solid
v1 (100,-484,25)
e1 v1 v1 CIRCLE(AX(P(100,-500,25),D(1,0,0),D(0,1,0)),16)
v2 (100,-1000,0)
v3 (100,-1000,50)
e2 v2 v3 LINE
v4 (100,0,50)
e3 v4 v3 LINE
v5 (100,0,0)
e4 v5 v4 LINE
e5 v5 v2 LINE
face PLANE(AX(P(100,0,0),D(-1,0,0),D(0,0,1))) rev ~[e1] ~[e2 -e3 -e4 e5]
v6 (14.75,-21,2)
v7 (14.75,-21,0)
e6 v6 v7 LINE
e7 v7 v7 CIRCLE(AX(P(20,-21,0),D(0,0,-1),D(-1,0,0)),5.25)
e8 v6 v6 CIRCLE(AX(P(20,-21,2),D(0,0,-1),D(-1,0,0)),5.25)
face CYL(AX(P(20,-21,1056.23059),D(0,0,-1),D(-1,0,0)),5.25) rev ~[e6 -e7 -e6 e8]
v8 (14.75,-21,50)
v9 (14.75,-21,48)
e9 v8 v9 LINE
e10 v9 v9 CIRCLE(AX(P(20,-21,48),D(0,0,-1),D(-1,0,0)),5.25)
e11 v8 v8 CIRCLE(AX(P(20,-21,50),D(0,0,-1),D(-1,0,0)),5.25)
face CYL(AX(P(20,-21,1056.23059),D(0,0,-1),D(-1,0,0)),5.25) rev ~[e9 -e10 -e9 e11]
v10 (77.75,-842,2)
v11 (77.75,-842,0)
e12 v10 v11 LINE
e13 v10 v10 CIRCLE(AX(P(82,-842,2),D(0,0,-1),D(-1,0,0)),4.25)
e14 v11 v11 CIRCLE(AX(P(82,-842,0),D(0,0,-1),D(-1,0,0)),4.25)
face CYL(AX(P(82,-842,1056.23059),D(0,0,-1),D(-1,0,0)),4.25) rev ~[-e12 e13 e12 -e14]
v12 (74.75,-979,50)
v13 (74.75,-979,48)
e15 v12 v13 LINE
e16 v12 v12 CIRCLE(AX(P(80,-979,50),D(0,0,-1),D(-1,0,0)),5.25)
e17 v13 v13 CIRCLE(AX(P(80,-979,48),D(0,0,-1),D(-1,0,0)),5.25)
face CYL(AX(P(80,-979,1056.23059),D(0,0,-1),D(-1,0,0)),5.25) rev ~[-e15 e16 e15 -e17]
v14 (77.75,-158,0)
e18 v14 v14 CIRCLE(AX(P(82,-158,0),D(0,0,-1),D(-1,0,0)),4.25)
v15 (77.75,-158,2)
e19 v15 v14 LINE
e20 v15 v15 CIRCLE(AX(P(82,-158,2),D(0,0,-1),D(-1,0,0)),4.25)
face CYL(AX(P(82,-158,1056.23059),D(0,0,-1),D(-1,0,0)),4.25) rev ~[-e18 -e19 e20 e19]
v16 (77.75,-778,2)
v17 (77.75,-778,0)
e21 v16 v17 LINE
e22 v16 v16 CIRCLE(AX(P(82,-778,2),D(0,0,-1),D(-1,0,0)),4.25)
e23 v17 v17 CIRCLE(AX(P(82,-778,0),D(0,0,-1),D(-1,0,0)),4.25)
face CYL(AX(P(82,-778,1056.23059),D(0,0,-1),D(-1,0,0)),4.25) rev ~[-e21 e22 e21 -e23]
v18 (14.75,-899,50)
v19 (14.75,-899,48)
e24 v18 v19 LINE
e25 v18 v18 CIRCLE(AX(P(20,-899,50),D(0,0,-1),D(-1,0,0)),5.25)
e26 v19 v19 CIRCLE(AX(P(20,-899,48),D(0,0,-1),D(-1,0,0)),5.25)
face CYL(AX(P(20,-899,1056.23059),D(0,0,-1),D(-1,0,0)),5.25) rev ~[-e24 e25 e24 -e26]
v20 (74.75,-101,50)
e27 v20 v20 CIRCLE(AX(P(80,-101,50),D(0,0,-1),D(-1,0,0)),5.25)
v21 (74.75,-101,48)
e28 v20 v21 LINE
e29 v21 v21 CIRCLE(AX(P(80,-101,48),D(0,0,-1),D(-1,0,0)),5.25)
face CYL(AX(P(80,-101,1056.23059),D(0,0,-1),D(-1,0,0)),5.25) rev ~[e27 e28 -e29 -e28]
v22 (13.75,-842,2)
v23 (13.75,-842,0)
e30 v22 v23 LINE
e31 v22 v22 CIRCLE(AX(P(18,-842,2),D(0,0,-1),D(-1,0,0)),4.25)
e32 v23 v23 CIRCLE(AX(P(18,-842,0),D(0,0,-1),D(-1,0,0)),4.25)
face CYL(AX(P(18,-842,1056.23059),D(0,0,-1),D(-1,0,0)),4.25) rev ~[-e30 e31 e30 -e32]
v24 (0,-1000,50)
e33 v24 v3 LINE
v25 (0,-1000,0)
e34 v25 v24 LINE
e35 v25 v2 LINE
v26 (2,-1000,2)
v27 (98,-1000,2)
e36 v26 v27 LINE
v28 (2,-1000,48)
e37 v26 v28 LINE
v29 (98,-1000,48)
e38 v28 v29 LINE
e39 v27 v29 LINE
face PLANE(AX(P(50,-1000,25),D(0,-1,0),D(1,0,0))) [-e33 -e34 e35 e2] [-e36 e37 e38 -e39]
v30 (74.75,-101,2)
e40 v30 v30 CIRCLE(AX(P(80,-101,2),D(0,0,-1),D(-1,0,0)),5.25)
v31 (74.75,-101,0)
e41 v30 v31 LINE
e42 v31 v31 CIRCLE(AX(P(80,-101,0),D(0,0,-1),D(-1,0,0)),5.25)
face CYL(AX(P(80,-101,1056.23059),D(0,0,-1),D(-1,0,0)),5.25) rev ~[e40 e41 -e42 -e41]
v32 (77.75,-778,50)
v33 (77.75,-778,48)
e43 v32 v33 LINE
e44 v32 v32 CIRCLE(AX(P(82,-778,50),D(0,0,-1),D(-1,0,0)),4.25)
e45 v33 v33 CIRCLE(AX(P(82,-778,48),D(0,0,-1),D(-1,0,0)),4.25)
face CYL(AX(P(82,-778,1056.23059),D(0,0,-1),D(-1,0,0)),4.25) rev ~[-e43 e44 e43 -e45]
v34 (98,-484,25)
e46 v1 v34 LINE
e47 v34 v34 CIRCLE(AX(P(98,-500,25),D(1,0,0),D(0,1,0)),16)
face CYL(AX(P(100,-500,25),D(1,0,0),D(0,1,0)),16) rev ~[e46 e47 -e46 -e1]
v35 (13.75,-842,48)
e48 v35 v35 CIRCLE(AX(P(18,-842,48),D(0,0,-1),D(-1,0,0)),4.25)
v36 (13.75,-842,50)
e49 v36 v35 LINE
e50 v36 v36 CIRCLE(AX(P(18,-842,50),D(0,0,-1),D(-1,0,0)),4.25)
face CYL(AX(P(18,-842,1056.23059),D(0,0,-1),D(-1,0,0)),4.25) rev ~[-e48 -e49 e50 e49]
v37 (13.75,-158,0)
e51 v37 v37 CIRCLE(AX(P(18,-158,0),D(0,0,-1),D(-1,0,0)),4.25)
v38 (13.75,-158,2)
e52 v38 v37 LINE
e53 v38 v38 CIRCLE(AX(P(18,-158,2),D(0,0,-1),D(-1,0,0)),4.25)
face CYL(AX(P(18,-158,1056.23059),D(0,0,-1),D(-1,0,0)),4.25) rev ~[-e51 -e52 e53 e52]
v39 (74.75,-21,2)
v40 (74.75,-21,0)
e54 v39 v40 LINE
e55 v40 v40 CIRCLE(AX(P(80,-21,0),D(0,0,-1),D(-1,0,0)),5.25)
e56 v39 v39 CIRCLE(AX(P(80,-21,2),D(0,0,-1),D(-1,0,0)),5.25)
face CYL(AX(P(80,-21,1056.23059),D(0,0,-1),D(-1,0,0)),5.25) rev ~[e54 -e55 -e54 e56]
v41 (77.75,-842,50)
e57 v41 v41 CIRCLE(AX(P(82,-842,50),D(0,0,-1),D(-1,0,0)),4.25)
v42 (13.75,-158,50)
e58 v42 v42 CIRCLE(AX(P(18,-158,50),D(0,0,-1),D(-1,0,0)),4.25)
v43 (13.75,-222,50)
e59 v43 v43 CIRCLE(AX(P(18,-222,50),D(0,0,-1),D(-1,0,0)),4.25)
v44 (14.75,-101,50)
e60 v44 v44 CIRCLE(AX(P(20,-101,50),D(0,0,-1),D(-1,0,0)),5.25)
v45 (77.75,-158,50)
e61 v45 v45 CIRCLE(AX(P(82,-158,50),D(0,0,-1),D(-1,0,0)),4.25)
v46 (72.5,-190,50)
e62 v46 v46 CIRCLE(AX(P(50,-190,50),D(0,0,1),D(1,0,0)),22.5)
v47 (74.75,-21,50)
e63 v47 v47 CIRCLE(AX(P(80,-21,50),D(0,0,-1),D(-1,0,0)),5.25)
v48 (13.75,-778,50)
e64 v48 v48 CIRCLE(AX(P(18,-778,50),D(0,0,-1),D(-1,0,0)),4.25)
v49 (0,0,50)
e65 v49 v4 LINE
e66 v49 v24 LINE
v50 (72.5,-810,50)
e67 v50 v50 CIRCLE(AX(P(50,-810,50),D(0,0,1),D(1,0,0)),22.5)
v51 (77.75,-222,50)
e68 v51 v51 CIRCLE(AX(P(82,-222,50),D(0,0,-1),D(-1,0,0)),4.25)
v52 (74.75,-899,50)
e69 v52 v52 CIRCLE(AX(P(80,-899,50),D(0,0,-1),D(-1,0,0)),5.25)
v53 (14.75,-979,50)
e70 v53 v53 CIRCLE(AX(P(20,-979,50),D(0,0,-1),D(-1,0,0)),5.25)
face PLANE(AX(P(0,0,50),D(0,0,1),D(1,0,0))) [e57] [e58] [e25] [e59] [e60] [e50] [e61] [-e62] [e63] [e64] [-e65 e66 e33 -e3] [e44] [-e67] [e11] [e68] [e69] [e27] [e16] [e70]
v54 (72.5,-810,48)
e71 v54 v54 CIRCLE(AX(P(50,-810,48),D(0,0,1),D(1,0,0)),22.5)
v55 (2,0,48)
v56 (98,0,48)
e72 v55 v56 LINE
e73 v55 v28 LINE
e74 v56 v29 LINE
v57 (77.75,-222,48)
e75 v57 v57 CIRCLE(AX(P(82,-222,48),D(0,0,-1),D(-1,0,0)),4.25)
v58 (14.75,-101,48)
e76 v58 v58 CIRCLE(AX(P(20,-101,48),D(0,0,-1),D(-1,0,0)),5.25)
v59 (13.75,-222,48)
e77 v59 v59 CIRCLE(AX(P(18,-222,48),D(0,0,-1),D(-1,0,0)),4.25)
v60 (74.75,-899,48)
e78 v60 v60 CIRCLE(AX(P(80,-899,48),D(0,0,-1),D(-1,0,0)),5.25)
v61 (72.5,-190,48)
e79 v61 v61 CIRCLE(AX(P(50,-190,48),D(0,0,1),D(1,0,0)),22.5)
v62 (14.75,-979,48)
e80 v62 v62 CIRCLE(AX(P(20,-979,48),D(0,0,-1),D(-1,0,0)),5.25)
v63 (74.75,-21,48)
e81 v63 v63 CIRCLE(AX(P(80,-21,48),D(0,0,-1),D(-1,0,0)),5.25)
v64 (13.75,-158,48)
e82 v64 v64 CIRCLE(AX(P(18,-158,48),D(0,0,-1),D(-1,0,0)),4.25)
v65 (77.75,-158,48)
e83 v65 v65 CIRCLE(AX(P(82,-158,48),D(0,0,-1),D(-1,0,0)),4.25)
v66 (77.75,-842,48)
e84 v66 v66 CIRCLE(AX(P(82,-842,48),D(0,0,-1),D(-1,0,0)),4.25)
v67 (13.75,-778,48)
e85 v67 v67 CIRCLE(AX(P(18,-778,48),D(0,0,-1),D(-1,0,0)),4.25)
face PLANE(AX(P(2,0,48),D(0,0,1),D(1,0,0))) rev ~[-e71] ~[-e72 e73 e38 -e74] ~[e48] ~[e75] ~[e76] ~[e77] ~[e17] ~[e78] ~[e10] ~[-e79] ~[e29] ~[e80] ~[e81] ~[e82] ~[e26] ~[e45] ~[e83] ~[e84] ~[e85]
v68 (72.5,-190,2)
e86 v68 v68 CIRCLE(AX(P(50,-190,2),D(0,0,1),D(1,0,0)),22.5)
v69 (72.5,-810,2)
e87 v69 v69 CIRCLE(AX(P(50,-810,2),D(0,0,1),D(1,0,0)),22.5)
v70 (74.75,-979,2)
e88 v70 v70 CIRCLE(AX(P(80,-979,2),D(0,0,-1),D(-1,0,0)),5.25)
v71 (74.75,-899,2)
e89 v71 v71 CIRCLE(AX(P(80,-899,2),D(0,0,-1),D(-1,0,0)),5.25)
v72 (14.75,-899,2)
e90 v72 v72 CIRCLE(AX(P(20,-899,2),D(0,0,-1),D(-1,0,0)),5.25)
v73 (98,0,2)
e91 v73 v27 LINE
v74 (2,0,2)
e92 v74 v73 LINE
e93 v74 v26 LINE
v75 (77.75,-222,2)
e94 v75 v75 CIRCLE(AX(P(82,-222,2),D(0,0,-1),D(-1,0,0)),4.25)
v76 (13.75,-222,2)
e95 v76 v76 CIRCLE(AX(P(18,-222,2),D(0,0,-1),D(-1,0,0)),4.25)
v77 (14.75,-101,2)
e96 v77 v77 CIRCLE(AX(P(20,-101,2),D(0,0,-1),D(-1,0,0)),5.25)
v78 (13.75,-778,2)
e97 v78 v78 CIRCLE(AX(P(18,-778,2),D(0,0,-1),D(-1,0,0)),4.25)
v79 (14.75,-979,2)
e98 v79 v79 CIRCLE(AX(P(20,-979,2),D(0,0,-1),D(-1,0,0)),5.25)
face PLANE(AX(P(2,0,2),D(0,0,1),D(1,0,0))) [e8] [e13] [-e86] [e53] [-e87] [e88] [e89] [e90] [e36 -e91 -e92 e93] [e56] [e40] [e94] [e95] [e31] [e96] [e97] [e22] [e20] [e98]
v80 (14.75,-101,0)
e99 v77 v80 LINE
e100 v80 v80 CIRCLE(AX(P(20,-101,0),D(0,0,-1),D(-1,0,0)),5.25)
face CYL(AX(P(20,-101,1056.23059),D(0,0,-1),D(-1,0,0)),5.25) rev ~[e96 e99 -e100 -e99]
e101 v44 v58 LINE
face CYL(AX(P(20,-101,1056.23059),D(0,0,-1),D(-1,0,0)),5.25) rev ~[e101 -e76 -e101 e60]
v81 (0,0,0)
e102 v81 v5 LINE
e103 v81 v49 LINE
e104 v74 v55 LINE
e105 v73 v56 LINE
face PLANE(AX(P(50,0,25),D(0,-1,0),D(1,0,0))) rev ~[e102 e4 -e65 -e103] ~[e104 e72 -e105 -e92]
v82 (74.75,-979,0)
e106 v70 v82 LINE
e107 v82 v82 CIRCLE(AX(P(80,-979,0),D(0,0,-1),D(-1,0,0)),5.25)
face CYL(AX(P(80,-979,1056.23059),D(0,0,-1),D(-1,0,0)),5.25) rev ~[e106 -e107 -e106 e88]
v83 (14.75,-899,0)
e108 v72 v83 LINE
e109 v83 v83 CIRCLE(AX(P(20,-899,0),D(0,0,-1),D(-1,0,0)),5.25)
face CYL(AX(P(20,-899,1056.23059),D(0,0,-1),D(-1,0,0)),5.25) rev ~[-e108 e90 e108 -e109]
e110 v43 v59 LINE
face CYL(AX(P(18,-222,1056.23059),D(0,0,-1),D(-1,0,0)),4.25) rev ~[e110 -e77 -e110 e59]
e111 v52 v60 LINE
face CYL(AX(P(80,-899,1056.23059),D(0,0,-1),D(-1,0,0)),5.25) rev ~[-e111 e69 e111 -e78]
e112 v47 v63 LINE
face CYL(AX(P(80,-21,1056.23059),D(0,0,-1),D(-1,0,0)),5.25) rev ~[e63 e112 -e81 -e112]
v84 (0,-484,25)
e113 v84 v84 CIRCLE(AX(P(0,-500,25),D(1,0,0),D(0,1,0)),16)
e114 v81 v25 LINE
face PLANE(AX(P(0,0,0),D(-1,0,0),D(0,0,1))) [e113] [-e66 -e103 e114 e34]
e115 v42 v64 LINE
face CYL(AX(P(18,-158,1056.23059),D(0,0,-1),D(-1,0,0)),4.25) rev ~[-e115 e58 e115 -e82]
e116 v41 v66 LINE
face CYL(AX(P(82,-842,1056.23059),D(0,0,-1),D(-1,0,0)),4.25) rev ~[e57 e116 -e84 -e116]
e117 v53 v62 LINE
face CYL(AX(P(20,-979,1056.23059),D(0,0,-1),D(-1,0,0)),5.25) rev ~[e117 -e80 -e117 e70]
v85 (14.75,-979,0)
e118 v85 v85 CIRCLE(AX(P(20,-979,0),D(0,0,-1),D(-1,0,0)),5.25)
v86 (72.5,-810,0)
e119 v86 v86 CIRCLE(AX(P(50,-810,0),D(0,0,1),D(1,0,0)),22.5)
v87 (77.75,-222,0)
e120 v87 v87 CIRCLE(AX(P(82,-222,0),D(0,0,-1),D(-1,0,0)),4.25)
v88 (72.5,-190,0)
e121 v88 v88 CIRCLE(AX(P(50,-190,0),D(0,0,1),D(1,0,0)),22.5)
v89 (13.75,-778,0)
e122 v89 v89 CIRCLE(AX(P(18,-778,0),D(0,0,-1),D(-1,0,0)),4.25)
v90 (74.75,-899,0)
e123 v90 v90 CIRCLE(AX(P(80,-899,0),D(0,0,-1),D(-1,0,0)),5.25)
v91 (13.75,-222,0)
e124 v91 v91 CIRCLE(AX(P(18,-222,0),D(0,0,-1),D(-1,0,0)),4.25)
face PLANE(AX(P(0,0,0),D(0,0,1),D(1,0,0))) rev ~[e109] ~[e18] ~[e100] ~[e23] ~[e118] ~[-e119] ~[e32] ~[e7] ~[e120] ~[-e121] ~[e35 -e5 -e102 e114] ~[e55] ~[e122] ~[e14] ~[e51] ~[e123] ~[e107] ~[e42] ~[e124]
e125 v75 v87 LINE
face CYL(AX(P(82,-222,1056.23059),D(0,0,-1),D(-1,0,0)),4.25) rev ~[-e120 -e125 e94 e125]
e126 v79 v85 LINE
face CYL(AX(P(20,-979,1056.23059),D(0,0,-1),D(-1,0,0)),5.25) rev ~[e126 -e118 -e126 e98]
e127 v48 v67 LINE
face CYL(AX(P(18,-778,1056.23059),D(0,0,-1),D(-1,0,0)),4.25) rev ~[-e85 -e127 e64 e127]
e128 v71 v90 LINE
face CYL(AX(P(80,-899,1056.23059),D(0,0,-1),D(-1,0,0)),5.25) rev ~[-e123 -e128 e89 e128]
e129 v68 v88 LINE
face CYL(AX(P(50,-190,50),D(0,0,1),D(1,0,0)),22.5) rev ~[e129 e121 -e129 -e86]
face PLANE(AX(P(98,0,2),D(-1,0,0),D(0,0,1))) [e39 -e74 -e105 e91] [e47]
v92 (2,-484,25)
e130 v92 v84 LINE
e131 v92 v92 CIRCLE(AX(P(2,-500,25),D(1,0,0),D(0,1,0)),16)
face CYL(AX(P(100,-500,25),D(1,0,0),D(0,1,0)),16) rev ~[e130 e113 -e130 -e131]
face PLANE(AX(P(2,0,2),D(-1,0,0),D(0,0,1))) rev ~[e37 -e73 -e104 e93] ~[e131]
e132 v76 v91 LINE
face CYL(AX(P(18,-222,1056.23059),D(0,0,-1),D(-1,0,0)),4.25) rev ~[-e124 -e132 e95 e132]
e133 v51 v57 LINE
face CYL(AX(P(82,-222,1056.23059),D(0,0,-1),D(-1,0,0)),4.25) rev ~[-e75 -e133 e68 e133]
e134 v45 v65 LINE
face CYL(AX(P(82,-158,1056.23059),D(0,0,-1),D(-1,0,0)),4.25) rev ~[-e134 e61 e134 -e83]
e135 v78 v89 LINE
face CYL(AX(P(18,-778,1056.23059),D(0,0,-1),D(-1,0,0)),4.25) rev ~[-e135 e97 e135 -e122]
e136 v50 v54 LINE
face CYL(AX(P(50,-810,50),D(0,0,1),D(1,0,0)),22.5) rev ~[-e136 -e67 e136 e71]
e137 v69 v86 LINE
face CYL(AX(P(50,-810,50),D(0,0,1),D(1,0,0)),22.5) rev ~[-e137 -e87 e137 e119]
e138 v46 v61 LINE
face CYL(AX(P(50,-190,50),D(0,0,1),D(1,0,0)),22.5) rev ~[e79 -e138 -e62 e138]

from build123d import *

# Parameters (mm, degrees)
F0_W     = 100
F0_H     = 50
F0_W_2   = 96
F0_H_2   = 46
F1_DEPTH = 1000
F2_R     = 22.5
F3_DEPTH = 50.001
F5_D     = 8.5
F6_D     = 10.5
F7_R     = 16
F8_DEPTH = 100.001


with BuildPart() as f1:
    # F0 (on Front) → F1 (new body)
    with BuildSketch(Plane.XZ):
        with Locations((50, 25)):
            Rectangle(F0_W, F0_H)
        with Locations((50, 25)):
            Rectangle(F0_W_2, F0_H_2, mode=Mode.SUBTRACT)
    extrude(amount=F1_DEPTH)

    # F2 (on face) → F3 (cut, through all)
    with BuildSketch(Plane.XY.offset(50)):
        with Locations((50, -810)):
            Circle(F2_R)
        with Locations((50, -190)):
            Circle(F2_R)
    extrude(amount=-F3_DEPTH, mode=Mode.SUBTRACT)

    # F5 (through all)
    with Locations(Plane.XY.offset(50)):
        with Locations((18, -842), (18, -778), (82, -778), (82, -842), (18, -222), (18, -158), (82, -158), (82, -222)):
            Hole(F5_D / 2)

    # F6 (through all)
    with Locations(Plane.XY.offset(50)):
        with Locations((20, -101), (20, -21), (80, -21), (80, -101), (20, -899), (20, -979), (80, -979), (80, -899)):
            Hole(F6_D / 2)

    # F7 (on face) → F8 (cut, through all)
    with BuildSketch(Plane.YZ.offset(100)):
        with Locations((-500, 25)):
            Circle(F7_R)
    extrude(amount=-F8_DEPTH, mode=Mode.SUBTRACT)


solid = f1.part
